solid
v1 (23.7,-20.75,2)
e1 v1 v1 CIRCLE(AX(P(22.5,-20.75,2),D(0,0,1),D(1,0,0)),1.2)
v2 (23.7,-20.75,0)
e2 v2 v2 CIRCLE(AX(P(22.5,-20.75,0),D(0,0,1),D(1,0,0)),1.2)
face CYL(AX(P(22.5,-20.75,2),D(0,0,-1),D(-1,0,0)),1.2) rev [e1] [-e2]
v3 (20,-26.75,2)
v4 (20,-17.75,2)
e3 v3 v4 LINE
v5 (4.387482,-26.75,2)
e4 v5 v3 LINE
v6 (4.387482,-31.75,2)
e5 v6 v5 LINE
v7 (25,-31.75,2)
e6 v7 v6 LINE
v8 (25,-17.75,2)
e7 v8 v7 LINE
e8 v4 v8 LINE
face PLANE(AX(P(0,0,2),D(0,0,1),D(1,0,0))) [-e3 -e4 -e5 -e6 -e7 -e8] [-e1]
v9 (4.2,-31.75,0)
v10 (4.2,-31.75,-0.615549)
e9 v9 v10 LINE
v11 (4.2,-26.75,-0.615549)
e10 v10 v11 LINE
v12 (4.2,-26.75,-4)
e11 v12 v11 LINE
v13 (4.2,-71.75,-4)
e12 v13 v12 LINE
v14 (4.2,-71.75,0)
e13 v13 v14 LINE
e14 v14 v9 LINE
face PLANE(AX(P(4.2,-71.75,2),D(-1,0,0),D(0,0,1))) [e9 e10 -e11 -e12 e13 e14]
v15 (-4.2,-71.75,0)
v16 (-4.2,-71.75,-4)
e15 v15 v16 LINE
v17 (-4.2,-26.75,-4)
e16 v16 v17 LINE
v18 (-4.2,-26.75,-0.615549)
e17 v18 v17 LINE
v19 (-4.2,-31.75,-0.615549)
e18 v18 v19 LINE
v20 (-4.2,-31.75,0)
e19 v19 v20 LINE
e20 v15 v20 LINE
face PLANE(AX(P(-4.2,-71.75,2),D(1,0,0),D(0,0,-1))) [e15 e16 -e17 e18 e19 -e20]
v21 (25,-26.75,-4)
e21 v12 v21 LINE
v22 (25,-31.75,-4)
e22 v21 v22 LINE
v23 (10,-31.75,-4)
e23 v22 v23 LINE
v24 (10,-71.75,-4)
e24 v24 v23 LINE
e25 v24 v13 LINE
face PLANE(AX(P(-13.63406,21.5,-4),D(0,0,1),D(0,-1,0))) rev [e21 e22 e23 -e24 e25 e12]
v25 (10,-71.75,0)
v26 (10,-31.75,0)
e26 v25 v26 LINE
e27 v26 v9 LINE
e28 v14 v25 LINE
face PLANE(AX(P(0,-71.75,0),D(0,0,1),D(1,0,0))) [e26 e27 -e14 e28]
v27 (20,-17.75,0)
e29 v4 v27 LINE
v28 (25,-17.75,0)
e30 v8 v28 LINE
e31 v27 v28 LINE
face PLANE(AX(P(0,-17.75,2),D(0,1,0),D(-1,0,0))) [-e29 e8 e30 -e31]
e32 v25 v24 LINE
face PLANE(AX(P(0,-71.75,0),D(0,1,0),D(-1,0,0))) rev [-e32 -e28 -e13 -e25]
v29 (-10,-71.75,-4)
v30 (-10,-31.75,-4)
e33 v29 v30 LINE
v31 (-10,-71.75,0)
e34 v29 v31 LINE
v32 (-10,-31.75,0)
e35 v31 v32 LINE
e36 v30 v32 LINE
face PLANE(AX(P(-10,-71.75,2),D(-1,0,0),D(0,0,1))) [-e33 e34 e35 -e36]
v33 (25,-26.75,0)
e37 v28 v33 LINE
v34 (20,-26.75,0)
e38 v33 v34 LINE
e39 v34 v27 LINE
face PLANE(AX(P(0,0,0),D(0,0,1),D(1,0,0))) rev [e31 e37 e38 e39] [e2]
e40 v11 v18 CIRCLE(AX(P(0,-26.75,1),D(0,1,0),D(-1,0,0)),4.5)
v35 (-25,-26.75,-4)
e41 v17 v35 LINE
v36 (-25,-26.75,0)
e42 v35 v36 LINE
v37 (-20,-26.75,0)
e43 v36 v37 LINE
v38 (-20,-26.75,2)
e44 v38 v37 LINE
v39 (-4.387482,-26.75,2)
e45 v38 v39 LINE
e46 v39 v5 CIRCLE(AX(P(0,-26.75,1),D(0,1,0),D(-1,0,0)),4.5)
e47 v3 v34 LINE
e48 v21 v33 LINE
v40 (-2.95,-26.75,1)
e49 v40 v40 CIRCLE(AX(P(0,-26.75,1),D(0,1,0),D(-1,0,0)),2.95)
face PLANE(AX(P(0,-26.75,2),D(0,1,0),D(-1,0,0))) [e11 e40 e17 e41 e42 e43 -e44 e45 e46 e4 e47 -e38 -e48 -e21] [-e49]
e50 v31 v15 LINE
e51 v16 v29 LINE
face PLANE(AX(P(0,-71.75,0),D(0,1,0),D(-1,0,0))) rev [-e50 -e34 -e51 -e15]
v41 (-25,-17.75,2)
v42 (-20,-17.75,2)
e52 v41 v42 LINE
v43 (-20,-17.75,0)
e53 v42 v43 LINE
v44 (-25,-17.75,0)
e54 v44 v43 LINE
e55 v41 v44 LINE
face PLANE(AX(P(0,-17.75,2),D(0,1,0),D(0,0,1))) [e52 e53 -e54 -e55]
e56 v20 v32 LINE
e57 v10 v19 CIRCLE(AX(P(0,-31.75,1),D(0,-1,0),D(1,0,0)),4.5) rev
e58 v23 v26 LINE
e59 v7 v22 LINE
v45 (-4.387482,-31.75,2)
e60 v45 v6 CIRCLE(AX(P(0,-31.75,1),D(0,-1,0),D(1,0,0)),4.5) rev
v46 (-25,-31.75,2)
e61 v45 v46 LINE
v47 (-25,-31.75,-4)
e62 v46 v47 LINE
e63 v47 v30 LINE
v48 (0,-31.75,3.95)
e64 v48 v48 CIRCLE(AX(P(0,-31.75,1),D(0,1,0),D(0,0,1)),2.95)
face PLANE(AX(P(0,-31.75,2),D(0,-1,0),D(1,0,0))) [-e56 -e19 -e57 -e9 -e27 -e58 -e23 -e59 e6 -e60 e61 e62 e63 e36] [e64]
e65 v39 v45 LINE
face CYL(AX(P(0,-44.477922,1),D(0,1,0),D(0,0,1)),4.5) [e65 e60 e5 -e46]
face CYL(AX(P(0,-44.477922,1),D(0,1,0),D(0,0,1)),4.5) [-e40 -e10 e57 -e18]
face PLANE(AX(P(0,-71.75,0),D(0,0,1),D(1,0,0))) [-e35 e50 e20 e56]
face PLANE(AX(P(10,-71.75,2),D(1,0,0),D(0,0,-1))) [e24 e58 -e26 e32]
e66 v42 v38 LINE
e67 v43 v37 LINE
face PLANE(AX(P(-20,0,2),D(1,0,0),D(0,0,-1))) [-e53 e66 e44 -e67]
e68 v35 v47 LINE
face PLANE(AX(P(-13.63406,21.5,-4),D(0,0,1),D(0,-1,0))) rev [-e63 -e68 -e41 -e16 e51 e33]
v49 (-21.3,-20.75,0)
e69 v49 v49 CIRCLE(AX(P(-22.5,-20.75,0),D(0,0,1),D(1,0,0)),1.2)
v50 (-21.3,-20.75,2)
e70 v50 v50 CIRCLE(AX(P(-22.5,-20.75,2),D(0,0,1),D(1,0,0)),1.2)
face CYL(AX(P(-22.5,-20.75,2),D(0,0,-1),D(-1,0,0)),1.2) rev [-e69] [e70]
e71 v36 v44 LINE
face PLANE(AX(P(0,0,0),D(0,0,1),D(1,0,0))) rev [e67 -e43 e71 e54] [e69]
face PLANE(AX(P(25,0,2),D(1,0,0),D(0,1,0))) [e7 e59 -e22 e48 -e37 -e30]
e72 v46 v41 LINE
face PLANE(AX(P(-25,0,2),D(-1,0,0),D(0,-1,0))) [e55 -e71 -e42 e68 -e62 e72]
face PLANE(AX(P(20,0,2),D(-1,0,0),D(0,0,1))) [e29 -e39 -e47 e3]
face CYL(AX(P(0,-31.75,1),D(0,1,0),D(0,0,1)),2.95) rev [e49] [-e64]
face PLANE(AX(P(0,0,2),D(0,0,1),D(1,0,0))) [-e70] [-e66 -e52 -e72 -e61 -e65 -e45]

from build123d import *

# Parameters (mm, degrees)
BOSS_EXTRUDE1_START     = 26.5
SKETCH2_R               = 1.2
BOSS_EXTRUDE1_DEPTH     = 2
BOSS_EXTRUDE2_START     = -26.75
SKETCH3_R               = 4.5
BOSS_EXTRUDE2_DEPTH     = 5
CUT_EXTRUDE1_DEPTH      = 41.783728373
CUT_EXTRUDE1_DEPTH_BACK = 41.783728373
SKETCH4_R               = 2.95
BOSS_EXTRUDE3_START     = -4
SKETCH5_W               = 15
SKETCH5_H               = 5
BOSS_EXTRUDE3_DEPTH     = 4
BOSS_EXTRUDE6_START     = -26.75
SKETCH6_W               = 5.8
SKETCH6_H               = 4
BOSS_EXTRUDE6_DEPTH     = 45


with BuildPart() as part:
    # Sketch2 → Boss-Extrude1 (new body)
    with BuildSketch(Plane.XY.offset(-26.5).offset(BOSS_EXTRUDE1_START)):
        Polygon((-25, -17.75), (-20, -17.75), (-20, -26.75), (20, -26.75), (20, -17.75), (25, -17.75), (25, -31.75), (-25, -31.75), align=None)
        with Locations((22.5, -20.75)):
            Circle(SKETCH2_R, mode=Mode.SUBTRACT)
        with Locations((-22.5, -20.75)):
            Circle(SKETCH2_R, mode=Mode.SUBTRACT)
    extrude(amount=BOSS_EXTRUDE1_DEPTH)

    # Sketch3 → Boss-Extrude2 (add)
    with BuildSketch(Plane(origin=(0, 0, 0), x_dir=(1, 0, 0), z_dir=(0, 1, 0)).offset(BOSS_EXTRUDE2_START)):
        with Locations((0, -1)):
            Circle(SKETCH3_R)
    extrude(amount=-BOSS_EXTRUDE2_DEPTH)

    # Sketch4 → Cut-Extrude1 (cut, two sides: drawn at the far end of the back side and taken through both)
    with BuildSketch(Plane(origin=(0, 0, 0), x_dir=(1, 0, 0), z_dir=(0, 1, 0)).offset(-CUT_EXTRUDE1_DEPTH_BACK)):
        with Locations(Location((0, -1, 0), (0, 0, 270))):
            Circle(SKETCH4_R)
    extrude(amount=CUT_EXTRUDE1_DEPTH + CUT_EXTRUDE1_DEPTH_BACK, mode=Mode.SUBTRACT)

    # Sketch5 → Boss-Extrude3 (add)
    with BuildSketch(Plane.XY.offset(BOSS_EXTRUDE3_START)):
        with Locations((17.5, -29.25)):
            Rectangle(SKETCH5_W, SKETCH5_H)
        with Locations((-17.5, -29.25)):
            Rectangle(SKETCH5_W, SKETCH5_H)
    extrude(amount=BOSS_EXTRUDE3_DEPTH)

    # Sketch6 → Boss-Extrude6 (add)
    with BuildSketch(Plane(origin=(0, 0, 0), x_dir=(1, 0, 0), z_dir=(0, 1, 0)).offset(BOSS_EXTRUDE6_START)):
        with Locations((7.1, 2)):
            Rectangle(SKETCH6_W, SKETCH6_H)
        with Locations((-7.1, 2)):
            Rectangle(SKETCH6_W, SKETCH6_H)
    extrude(amount=-BOSS_EXTRUDE6_DEPTH)


solid = part.part
